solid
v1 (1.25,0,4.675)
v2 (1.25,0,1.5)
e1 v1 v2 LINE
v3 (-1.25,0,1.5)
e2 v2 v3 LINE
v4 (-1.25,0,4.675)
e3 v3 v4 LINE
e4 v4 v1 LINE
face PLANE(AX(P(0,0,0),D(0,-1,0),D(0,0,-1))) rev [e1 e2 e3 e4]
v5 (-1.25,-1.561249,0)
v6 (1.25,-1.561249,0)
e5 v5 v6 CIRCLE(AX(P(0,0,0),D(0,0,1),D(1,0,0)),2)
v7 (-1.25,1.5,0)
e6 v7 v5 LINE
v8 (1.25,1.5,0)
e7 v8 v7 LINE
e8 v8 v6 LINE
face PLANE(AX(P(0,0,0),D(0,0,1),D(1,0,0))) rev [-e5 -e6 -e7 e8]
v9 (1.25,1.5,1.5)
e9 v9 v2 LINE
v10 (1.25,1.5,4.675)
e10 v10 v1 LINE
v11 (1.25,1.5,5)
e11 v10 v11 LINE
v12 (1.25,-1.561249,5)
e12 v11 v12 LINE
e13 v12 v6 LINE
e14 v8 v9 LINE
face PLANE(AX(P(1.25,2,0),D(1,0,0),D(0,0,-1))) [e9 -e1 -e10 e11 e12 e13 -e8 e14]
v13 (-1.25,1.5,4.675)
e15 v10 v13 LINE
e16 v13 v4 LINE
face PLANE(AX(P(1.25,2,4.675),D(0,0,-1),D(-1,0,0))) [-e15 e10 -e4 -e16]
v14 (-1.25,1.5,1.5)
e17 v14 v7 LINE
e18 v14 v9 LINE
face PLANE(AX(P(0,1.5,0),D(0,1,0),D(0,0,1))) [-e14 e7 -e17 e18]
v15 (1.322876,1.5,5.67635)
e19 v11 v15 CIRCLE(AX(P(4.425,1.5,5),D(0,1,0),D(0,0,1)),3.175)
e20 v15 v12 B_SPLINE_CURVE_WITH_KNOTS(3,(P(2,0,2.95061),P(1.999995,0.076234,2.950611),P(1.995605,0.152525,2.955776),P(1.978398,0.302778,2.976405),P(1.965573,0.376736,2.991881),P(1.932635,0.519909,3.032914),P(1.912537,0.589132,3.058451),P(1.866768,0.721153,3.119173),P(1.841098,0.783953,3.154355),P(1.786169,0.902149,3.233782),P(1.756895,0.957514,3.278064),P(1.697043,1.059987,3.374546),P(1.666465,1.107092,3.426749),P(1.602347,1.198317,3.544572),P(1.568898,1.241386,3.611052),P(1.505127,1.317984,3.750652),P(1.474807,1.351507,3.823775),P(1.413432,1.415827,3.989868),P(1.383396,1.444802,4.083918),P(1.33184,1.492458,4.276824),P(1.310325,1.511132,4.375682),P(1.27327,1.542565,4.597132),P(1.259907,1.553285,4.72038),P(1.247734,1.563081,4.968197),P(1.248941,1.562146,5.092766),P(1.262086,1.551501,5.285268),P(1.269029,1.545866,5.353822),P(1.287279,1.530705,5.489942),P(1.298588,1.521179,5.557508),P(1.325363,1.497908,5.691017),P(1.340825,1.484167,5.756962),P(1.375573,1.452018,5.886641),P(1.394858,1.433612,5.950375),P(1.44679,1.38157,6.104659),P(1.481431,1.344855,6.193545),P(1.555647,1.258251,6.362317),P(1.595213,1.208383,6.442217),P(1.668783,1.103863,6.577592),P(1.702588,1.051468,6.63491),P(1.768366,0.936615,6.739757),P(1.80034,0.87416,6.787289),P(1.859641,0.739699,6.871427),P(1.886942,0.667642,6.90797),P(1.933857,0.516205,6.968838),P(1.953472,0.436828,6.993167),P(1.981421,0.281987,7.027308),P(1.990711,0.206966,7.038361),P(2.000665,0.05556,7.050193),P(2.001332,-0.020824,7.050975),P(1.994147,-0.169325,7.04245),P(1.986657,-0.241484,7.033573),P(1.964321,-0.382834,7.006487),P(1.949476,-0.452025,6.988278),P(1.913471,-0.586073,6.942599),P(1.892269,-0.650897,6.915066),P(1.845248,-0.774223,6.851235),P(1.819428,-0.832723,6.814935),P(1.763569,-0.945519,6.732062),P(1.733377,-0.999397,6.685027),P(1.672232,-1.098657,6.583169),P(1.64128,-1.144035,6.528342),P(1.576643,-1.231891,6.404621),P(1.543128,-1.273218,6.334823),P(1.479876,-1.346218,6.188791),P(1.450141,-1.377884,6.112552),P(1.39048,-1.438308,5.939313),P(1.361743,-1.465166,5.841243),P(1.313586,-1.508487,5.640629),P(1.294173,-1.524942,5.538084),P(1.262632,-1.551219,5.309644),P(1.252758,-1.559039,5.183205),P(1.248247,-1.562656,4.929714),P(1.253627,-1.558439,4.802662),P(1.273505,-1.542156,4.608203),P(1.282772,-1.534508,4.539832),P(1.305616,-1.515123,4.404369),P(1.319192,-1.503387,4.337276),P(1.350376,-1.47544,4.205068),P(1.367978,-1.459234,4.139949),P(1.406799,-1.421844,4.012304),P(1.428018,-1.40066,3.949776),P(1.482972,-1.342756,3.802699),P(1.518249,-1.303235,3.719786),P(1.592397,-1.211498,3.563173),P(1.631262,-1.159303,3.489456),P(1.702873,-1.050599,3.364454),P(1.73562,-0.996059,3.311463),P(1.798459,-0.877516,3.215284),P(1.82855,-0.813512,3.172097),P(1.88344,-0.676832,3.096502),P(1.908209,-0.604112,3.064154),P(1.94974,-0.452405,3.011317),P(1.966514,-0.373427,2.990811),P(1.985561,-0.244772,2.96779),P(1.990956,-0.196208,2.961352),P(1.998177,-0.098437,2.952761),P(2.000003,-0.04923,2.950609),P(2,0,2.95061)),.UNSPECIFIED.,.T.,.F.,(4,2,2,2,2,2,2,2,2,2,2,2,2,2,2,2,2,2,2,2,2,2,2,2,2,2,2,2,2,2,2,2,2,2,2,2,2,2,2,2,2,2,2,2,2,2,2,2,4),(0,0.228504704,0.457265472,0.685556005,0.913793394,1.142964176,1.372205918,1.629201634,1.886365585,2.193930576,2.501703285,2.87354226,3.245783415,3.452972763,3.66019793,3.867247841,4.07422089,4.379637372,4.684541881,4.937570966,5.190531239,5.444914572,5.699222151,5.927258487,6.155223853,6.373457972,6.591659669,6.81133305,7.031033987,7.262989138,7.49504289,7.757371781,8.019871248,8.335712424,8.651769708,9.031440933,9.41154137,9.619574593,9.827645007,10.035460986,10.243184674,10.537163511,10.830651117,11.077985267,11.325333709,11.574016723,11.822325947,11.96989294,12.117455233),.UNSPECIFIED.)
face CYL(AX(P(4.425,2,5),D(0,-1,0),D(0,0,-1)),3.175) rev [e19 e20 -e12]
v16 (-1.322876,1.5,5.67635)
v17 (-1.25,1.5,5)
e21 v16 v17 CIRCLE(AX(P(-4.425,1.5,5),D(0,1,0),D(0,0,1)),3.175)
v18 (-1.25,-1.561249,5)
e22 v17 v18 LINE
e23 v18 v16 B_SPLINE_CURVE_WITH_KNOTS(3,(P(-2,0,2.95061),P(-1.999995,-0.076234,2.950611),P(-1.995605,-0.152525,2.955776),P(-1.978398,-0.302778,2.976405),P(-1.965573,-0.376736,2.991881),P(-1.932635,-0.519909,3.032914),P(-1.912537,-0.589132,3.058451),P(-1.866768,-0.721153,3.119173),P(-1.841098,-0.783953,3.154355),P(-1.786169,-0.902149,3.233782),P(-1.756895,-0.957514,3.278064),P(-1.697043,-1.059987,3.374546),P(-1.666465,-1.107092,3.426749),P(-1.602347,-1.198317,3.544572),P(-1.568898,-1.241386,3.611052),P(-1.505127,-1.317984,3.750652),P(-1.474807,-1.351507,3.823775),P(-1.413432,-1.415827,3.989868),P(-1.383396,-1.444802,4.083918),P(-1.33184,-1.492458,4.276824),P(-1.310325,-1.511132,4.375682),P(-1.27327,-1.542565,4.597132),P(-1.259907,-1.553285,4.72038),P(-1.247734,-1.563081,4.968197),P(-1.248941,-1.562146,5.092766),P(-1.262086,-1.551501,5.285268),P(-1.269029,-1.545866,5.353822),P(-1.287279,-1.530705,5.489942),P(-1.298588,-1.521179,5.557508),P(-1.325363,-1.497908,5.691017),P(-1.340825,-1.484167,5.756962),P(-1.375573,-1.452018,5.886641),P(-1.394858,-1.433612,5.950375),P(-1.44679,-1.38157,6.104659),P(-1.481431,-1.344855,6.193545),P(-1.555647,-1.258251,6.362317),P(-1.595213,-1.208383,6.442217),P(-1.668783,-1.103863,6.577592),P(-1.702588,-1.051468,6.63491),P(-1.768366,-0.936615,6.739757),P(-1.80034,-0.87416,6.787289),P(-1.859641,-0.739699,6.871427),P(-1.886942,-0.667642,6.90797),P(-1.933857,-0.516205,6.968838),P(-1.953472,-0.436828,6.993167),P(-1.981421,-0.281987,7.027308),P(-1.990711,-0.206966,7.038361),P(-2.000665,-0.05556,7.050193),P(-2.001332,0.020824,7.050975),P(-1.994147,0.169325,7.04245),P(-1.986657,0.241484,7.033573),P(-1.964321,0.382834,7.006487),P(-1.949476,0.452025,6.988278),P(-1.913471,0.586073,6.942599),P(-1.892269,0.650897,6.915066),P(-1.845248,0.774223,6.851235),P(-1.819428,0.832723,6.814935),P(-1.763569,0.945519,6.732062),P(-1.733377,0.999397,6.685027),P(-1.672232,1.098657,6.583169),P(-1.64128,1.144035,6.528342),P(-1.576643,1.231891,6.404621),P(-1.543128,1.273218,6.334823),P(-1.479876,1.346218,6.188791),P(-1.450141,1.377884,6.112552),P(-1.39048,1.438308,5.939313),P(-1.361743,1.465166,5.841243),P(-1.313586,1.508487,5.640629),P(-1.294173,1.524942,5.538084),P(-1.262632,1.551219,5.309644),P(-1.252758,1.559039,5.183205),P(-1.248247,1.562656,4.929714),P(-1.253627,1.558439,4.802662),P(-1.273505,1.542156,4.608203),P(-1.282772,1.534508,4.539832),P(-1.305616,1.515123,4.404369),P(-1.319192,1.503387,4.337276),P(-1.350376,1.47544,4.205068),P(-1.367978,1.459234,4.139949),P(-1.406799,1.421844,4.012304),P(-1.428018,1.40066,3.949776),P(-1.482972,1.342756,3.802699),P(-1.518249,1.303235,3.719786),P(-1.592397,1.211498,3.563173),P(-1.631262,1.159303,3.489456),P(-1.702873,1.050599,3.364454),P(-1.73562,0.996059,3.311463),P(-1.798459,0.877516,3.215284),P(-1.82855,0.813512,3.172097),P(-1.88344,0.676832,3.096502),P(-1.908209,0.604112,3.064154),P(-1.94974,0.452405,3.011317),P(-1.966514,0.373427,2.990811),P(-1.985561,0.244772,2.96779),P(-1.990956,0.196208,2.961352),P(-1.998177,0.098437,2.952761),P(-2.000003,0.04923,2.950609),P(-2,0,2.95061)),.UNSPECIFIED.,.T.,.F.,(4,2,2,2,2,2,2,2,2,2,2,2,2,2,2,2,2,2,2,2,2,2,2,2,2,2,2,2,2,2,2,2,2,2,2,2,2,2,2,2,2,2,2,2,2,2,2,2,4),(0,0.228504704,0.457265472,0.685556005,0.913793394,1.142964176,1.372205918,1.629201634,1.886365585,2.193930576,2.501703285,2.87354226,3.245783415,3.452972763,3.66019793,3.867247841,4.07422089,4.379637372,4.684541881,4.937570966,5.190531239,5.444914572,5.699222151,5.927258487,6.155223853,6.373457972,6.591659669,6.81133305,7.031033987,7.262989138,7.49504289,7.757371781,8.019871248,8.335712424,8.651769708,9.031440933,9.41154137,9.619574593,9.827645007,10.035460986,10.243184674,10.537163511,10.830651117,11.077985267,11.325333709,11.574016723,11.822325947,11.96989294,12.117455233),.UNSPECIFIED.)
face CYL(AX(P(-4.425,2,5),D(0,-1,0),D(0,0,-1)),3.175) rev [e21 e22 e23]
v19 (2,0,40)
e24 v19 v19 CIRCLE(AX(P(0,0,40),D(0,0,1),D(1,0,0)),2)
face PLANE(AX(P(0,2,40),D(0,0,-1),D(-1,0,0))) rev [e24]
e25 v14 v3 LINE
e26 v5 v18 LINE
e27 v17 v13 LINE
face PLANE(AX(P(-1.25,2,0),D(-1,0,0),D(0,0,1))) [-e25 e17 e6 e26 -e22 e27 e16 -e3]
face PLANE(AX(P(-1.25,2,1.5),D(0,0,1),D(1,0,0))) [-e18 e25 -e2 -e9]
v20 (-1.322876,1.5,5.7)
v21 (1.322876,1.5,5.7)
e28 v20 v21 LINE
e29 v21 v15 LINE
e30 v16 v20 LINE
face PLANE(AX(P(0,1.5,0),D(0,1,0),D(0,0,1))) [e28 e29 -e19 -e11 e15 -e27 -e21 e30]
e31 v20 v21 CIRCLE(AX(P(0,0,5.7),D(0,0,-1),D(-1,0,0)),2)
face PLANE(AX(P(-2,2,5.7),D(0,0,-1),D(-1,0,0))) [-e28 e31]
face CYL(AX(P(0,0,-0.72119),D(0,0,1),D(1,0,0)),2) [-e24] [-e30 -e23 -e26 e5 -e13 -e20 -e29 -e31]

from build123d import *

# Parameters (mm, degrees)
SKETCH1_W               = 40
SKETCH1_H               = 2
CUT_EXTRUDE1_DEPTH      = 41.099875312
CUT_EXTRUDE1_DEPTH_BACK = 41.099875312
CUT_EXTRUDE2_START      = 1.5
SKETCH3_W               = 4
SKETCH3_H               = 5.7
CUT_EXTRUDE2_DEPTH      = 39.599875421
SKETCH4_W               = 2.5
SKETCH4_H               = 3.175
CUT_EXTRUDE3_DEPTH      = 41.099875421


with BuildPart() as part:
    # Sketch1 → Revolve1 (revolve)
    with BuildSketch(Plane(origin=(0, 0, 0), x_dir=(0, 0, -1), z_dir=(1, 0, 0))):
        with Locations((-20, 1)):
            Rectangle(SKETCH1_W, SKETCH1_H)
    revolve(axis=Axis((0, 0, -0.721189591), (0, 0, -1)))

    # Sketch2 → Cut-Extrude1 (cut, two sides: drawn at the far end of the back side and taken through both)
    with BuildSketch(Plane(origin=(0, 0, 0), x_dir=(1, 0, 0), z_dir=(0, 1, 0)).offset(-CUT_EXTRUDE1_DEPTH_BACK)):
        with BuildLine():
            Line((-1.25, 0), (-1.25, -5))
            ThreePointArc((-1.25, -5), (-2.17993597, -7.24506403), (-4.425, -8.175))
            Line((-4.425, -8.175), (-4.425, 0))
            Line((-4.425, 0), (-1.25, 0))
        make_face()
        with BuildLine():
            Line((1.25, 0), (1.25, -5))
            ThreePointArc((1.25, -5), (2.17993597, -7.24506403), (4.425, -8.175))
            Line((4.425, -8.175), (4.425, 0))
            Line((4.425, 0), (1.25, 0))
        make_face()
    extrude(amount=CUT_EXTRUDE1_DEPTH + CUT_EXTRUDE1_DEPTH_BACK, mode=Mode.SUBTRACT)

    # Sketch3 → Cut-Extrude2 (cut, through all)
    with BuildSketch(Plane(origin=(0, 0, 0), x_dir=(1, 0, 0), z_dir=(0, 1, 0)).offset(CUT_EXTRUDE2_START)):
        with Locations((0, -2.85)):
            Rectangle(SKETCH3_W, SKETCH3_H)
    extrude(amount=CUT_EXTRUDE2_DEPTH, mode=Mode.SUBTRACT)

    # Sketch4 → Cut-Extrude3 (cut, through all)
    with BuildSketch(Plane(origin=(0, 0, 0), x_dir=(1, 0, 0), z_dir=(0, 1, 0))):
        with Locations((0, -3.0875)):
            Rectangle(SKETCH4_W, SKETCH4_H)
    extrude(amount=CUT_EXTRUDE3_DEPTH, mode=Mode.SUBTRACT)


solid = part.part
